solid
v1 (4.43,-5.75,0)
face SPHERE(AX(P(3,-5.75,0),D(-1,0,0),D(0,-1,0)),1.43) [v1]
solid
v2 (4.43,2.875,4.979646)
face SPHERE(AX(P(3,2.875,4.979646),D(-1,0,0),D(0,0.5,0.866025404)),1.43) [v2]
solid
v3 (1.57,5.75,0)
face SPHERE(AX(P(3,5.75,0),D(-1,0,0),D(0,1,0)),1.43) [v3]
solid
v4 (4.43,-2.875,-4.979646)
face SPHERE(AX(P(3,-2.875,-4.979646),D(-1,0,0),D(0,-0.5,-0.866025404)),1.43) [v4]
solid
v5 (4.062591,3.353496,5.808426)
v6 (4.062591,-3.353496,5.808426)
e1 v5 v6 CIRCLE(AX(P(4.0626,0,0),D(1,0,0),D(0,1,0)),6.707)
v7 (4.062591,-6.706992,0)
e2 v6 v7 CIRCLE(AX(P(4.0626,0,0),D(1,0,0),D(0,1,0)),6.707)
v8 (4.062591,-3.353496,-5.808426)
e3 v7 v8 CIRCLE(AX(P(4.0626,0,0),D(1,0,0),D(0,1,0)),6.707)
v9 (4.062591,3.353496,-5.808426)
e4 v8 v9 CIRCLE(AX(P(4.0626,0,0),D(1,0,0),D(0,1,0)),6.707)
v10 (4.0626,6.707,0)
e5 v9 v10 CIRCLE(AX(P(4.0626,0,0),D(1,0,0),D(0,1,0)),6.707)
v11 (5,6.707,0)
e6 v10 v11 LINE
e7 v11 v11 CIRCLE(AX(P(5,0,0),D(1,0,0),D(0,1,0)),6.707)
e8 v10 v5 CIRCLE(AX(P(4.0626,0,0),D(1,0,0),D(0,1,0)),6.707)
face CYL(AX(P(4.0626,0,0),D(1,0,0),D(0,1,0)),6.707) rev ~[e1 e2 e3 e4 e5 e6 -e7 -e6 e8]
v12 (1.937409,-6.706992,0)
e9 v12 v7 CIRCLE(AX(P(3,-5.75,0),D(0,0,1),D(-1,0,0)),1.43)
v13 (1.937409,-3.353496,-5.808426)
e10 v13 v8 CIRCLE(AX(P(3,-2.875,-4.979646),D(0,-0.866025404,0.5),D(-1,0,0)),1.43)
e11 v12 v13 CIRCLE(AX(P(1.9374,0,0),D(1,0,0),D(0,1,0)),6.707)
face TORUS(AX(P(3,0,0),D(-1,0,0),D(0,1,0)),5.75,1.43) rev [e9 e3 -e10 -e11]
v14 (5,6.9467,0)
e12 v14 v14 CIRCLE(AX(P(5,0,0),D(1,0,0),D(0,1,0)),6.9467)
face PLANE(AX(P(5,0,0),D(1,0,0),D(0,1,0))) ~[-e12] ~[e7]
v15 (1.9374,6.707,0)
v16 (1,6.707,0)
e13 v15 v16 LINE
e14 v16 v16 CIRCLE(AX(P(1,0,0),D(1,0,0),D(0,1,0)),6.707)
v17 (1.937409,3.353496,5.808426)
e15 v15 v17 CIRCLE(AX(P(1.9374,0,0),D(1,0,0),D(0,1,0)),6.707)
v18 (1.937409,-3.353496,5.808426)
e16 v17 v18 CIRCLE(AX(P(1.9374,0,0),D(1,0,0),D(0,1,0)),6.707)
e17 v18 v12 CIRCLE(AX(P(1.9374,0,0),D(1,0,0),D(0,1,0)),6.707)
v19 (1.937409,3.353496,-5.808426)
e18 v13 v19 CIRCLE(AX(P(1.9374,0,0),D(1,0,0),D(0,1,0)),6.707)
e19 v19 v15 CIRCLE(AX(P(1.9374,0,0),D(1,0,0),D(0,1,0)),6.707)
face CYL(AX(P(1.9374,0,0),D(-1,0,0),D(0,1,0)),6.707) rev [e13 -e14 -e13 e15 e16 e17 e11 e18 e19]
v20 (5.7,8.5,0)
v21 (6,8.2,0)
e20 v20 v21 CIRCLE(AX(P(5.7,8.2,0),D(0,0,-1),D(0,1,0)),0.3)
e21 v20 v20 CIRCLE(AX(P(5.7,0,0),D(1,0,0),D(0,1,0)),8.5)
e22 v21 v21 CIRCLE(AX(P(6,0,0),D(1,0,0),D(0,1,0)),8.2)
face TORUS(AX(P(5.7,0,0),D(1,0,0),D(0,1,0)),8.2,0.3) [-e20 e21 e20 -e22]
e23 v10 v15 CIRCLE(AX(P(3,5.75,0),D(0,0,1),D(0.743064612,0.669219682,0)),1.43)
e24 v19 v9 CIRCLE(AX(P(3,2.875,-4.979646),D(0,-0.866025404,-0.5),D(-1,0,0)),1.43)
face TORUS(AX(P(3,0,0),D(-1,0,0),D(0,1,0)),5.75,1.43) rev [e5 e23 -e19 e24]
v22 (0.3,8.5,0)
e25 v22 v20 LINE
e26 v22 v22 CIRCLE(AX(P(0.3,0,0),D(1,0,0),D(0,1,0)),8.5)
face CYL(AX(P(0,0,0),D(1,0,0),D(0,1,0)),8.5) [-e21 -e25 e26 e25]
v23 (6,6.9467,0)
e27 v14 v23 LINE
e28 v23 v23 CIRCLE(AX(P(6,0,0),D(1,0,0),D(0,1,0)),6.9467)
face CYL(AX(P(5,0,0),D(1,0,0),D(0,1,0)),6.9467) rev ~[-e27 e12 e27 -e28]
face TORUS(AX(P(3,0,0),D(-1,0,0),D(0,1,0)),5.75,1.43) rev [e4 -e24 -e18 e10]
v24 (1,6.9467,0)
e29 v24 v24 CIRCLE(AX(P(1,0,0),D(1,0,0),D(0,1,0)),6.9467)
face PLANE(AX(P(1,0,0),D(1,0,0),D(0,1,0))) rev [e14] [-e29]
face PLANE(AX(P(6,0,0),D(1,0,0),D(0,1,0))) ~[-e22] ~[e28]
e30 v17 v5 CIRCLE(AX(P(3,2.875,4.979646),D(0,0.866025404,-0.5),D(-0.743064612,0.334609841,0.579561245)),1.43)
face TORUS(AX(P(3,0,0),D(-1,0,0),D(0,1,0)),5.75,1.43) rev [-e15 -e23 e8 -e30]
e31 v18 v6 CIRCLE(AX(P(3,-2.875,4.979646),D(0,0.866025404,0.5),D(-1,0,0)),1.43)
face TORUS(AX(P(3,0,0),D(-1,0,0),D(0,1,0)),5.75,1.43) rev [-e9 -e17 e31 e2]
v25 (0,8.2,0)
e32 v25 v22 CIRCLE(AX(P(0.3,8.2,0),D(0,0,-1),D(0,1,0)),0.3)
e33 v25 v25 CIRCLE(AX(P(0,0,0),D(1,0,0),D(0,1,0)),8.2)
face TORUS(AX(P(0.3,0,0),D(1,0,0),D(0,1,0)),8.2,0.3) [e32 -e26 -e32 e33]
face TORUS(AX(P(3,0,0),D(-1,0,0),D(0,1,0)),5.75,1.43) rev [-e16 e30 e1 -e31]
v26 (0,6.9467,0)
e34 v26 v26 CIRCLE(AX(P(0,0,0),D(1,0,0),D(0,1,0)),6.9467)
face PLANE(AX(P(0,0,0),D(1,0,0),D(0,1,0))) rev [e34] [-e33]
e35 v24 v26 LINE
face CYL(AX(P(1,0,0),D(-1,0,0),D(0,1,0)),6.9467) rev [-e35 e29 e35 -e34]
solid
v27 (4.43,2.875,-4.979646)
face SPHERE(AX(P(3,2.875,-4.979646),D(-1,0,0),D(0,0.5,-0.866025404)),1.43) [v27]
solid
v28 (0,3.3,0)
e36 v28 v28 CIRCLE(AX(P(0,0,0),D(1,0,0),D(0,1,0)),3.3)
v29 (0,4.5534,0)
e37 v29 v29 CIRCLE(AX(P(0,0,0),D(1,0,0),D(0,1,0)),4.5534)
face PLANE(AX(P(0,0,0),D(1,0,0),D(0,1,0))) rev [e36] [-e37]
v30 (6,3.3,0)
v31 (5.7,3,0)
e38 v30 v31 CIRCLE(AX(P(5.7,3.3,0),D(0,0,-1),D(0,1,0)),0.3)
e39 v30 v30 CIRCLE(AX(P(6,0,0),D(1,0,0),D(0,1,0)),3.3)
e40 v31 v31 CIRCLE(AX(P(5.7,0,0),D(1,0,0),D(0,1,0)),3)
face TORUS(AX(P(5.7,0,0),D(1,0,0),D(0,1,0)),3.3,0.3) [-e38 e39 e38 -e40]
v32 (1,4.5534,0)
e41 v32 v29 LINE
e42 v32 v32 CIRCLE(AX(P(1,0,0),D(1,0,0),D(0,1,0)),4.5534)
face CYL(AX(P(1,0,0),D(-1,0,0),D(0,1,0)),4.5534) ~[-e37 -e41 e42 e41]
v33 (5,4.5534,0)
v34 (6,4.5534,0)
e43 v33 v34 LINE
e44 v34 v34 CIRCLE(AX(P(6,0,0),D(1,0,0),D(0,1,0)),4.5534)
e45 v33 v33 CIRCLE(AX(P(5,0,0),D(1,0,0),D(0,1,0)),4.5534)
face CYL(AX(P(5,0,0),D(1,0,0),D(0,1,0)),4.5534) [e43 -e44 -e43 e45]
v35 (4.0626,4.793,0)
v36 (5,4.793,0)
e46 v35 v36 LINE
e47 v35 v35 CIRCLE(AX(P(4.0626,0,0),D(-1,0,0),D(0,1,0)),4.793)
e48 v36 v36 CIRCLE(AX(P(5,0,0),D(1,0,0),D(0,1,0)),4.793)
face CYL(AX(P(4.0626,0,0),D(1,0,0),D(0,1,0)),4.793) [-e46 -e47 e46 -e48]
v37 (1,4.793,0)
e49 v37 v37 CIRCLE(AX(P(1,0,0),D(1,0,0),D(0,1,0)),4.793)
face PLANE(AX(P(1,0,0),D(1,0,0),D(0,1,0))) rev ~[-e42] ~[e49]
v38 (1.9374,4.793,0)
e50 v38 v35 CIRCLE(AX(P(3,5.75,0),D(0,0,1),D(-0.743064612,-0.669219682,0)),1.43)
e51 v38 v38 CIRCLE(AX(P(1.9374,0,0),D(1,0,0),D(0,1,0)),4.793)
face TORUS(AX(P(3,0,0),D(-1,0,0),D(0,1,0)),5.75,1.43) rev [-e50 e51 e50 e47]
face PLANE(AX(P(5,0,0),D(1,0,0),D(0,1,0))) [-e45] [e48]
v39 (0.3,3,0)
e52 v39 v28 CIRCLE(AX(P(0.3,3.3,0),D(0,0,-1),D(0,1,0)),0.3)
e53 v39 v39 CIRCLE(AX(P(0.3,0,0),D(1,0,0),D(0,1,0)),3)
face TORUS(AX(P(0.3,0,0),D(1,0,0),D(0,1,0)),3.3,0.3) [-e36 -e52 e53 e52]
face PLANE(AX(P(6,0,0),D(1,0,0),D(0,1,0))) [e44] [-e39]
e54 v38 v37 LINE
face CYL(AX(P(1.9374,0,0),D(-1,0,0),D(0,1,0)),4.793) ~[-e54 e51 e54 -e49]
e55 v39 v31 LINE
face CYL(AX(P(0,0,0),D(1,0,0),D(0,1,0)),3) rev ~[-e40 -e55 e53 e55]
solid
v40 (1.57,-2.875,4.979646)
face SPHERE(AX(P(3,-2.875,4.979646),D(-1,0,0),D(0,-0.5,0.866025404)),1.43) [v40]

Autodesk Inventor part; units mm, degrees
ref_plane "YZ Plane" through (0, 0, 0) normal (1, 0, 0) x (0, 1, 0)
ref_plane "XZ Plane" through (0, 0, 0) normal (0, 1, 0) x (-1, 0, 0)
ref_plane "XY Plane" through (0, 0, 0) normal (0, 0, 1) x (1, 0, 0)
sketch "Sketch" plane through (0, 0, 0) normal (0, 0, 1) x (1, 0, 0)
  circle A0 centre (3, 5.75) radius 1.43
  line L0 (3, 5.75) -> (4.43, 5.75)
  line L1 (3, 5.75) -> (1.57, 5.75)
  line L2 (3, 4.32) -> (3, 7.18)
  line L3 (1.9374, 4.793) -> (1, 4.793)
  line L4 (0, 4.793) -> (0, 4.793)
  line L5 (0, 4.793) -> (0, 4.793)
  line L6 (0, 3) -> (6, 3)
  line L7 (1.9374, 6.707) -> (1, 6.707)
  line L8 (0, 6.707) -> (0, 6.707)
  line L9 (0, 6.707) -> (0, 6.707)
  line L10 (0, 8.5) -> (1, 8.5)
  line L11 (1, 8.5) -> (1, 8.5)
  line L12 (1, 8.5) -> (2, 8.5)
  line L13 (2, 8.5) -> (2, 8.5)
  line L14 (2, 8.5) -> (6, 8.5)
  line L15 (4.0626, 4.793) -> (5, 4.793)
  line L16 (6, 4.793) -> (6, 4.793)
  line L17 (6, 4.793) -> (6, 4.793)
  line L18 (6, 4.5534) -> (6, 3)
  line L19 (4.0626, 6.707) -> (5, 6.707)
  line L20 (6, 6.707) -> (6, 6.707)
  line L21 (6, 6.707) -> (6, 6.707)
  line L22 (6, 6.9467) -> (6, 8.5)
  line L23 (-3, 0) -> (18, 0) projected
  line L24 (0, -1.2) -> (0, 10.7) projected
  line L25 (1, 6.707) -> (1, 6.9467)
  line L26 (1, 6.9467) -> (0, 6.9467)
  line L27 (1, 4.793) -> (1, 4.5534)
  line L28 (1, 4.5534) -> (0, 4.5534)
  line L29 (5, 6.707) -> (5, 6.9467)
  line L30 (5, 6.9467) -> (6, 6.9467)
  line L31 (5, 4.793) -> (5, 4.5534)
  line L32 (5, 4.5534) -> (6, 4.5534)
  dimension "d0" = 2.86
  dimension "d7" = 6
  dimension "d8" = 17
  dimension "d9" = 11.5
  dimension "d10" = 17
  dimension "d11" = 9.1067
  dimension "d12" = 9.1067
  dimension "d13" = 9.586
  dimension "d14" = 1
  dimension "d15" = 5
  dimension "d16" = 6
  dimension "d19" = 1
  dimension "d20" = 2
  dimension "d22" = 3
revolve "Body" add sketch "Sketch" angle 360 about axis through (-10, 0, 0) along (1, 0, 0) contours A0 L7 L25 L26 L24 L10 L12 L14 L22 L30 L29 L19 | L15 L31 L32 L18 L6 L24 L28 L27 L3 A0
fillet "Fillet1" radius 0.3 4 edges at (0, -8.5, 0) (6, -8.5, 0) (0, -3, 0) (6, -3, 0)
revolve "Ball" add sketch "Sketch" angle 360 about axis through (3, 5.75, 0) along (-1, 0, 0) picked at (3.775, 6.2928) picked at (2.225, 6.2928) contours L0 L2 A0 | L1 A0 L2
pattern_circular "Balls" count 6 over 360 about axis through (-10, 0, 0) along (1, 0, 0) of "Ball"
equation "\"d0\" = -0.26 * WD + 0.26 * BD"
equation "\"d7\" = WD"
equation "\"d8\" = BD"
equation "\"d9\" = 0.5 * WD + 0.5 * BD"
equation "\"d10\" = BD - 2 * RT"
equation "\"d11\" = ND2"
equation "\"d12\" = ND"
equation "\"d13\" = 0.326 * BD + 0.674 * WD"
equation "\"d14\" = NBR2"
equation "\"d15\" = KB - NBR"
equation "\"d16\" = KB"
equation "\"d19\" = NBR3"
equation "\"d20\" = 2 * NBR3"
equation "\"d22\" = 0.5 * KB"
equation "\"d1\" = KRS"
equation "\"WD\" = 6"
equation "\"BD\" = 17"
equation "\"KB\" = 6"
equation "\"KRS\" = 0.3"
equation "\"ND\" = 0.6403 * WD + 0.3097 * BD"
equation "\"ND2\" = 0.6403 * WD + 0.3097 * BD"
equation "\"NBR2\" = 0.166667 * KB"
equation "\"RT\" = 0"
equation "\"NBR\" = 0.166667 * KB"
equation "\"NBR3\" = 0.166667 * KB"
equation "\"WR\" = 0.5 * WD"
equation "\"KR1S\" = KRS"
equation "\"BR\" = 0.5 * BD"
properties part number "Bearing 606-2Z GB/T 276-94" material "Steel, Mild"
